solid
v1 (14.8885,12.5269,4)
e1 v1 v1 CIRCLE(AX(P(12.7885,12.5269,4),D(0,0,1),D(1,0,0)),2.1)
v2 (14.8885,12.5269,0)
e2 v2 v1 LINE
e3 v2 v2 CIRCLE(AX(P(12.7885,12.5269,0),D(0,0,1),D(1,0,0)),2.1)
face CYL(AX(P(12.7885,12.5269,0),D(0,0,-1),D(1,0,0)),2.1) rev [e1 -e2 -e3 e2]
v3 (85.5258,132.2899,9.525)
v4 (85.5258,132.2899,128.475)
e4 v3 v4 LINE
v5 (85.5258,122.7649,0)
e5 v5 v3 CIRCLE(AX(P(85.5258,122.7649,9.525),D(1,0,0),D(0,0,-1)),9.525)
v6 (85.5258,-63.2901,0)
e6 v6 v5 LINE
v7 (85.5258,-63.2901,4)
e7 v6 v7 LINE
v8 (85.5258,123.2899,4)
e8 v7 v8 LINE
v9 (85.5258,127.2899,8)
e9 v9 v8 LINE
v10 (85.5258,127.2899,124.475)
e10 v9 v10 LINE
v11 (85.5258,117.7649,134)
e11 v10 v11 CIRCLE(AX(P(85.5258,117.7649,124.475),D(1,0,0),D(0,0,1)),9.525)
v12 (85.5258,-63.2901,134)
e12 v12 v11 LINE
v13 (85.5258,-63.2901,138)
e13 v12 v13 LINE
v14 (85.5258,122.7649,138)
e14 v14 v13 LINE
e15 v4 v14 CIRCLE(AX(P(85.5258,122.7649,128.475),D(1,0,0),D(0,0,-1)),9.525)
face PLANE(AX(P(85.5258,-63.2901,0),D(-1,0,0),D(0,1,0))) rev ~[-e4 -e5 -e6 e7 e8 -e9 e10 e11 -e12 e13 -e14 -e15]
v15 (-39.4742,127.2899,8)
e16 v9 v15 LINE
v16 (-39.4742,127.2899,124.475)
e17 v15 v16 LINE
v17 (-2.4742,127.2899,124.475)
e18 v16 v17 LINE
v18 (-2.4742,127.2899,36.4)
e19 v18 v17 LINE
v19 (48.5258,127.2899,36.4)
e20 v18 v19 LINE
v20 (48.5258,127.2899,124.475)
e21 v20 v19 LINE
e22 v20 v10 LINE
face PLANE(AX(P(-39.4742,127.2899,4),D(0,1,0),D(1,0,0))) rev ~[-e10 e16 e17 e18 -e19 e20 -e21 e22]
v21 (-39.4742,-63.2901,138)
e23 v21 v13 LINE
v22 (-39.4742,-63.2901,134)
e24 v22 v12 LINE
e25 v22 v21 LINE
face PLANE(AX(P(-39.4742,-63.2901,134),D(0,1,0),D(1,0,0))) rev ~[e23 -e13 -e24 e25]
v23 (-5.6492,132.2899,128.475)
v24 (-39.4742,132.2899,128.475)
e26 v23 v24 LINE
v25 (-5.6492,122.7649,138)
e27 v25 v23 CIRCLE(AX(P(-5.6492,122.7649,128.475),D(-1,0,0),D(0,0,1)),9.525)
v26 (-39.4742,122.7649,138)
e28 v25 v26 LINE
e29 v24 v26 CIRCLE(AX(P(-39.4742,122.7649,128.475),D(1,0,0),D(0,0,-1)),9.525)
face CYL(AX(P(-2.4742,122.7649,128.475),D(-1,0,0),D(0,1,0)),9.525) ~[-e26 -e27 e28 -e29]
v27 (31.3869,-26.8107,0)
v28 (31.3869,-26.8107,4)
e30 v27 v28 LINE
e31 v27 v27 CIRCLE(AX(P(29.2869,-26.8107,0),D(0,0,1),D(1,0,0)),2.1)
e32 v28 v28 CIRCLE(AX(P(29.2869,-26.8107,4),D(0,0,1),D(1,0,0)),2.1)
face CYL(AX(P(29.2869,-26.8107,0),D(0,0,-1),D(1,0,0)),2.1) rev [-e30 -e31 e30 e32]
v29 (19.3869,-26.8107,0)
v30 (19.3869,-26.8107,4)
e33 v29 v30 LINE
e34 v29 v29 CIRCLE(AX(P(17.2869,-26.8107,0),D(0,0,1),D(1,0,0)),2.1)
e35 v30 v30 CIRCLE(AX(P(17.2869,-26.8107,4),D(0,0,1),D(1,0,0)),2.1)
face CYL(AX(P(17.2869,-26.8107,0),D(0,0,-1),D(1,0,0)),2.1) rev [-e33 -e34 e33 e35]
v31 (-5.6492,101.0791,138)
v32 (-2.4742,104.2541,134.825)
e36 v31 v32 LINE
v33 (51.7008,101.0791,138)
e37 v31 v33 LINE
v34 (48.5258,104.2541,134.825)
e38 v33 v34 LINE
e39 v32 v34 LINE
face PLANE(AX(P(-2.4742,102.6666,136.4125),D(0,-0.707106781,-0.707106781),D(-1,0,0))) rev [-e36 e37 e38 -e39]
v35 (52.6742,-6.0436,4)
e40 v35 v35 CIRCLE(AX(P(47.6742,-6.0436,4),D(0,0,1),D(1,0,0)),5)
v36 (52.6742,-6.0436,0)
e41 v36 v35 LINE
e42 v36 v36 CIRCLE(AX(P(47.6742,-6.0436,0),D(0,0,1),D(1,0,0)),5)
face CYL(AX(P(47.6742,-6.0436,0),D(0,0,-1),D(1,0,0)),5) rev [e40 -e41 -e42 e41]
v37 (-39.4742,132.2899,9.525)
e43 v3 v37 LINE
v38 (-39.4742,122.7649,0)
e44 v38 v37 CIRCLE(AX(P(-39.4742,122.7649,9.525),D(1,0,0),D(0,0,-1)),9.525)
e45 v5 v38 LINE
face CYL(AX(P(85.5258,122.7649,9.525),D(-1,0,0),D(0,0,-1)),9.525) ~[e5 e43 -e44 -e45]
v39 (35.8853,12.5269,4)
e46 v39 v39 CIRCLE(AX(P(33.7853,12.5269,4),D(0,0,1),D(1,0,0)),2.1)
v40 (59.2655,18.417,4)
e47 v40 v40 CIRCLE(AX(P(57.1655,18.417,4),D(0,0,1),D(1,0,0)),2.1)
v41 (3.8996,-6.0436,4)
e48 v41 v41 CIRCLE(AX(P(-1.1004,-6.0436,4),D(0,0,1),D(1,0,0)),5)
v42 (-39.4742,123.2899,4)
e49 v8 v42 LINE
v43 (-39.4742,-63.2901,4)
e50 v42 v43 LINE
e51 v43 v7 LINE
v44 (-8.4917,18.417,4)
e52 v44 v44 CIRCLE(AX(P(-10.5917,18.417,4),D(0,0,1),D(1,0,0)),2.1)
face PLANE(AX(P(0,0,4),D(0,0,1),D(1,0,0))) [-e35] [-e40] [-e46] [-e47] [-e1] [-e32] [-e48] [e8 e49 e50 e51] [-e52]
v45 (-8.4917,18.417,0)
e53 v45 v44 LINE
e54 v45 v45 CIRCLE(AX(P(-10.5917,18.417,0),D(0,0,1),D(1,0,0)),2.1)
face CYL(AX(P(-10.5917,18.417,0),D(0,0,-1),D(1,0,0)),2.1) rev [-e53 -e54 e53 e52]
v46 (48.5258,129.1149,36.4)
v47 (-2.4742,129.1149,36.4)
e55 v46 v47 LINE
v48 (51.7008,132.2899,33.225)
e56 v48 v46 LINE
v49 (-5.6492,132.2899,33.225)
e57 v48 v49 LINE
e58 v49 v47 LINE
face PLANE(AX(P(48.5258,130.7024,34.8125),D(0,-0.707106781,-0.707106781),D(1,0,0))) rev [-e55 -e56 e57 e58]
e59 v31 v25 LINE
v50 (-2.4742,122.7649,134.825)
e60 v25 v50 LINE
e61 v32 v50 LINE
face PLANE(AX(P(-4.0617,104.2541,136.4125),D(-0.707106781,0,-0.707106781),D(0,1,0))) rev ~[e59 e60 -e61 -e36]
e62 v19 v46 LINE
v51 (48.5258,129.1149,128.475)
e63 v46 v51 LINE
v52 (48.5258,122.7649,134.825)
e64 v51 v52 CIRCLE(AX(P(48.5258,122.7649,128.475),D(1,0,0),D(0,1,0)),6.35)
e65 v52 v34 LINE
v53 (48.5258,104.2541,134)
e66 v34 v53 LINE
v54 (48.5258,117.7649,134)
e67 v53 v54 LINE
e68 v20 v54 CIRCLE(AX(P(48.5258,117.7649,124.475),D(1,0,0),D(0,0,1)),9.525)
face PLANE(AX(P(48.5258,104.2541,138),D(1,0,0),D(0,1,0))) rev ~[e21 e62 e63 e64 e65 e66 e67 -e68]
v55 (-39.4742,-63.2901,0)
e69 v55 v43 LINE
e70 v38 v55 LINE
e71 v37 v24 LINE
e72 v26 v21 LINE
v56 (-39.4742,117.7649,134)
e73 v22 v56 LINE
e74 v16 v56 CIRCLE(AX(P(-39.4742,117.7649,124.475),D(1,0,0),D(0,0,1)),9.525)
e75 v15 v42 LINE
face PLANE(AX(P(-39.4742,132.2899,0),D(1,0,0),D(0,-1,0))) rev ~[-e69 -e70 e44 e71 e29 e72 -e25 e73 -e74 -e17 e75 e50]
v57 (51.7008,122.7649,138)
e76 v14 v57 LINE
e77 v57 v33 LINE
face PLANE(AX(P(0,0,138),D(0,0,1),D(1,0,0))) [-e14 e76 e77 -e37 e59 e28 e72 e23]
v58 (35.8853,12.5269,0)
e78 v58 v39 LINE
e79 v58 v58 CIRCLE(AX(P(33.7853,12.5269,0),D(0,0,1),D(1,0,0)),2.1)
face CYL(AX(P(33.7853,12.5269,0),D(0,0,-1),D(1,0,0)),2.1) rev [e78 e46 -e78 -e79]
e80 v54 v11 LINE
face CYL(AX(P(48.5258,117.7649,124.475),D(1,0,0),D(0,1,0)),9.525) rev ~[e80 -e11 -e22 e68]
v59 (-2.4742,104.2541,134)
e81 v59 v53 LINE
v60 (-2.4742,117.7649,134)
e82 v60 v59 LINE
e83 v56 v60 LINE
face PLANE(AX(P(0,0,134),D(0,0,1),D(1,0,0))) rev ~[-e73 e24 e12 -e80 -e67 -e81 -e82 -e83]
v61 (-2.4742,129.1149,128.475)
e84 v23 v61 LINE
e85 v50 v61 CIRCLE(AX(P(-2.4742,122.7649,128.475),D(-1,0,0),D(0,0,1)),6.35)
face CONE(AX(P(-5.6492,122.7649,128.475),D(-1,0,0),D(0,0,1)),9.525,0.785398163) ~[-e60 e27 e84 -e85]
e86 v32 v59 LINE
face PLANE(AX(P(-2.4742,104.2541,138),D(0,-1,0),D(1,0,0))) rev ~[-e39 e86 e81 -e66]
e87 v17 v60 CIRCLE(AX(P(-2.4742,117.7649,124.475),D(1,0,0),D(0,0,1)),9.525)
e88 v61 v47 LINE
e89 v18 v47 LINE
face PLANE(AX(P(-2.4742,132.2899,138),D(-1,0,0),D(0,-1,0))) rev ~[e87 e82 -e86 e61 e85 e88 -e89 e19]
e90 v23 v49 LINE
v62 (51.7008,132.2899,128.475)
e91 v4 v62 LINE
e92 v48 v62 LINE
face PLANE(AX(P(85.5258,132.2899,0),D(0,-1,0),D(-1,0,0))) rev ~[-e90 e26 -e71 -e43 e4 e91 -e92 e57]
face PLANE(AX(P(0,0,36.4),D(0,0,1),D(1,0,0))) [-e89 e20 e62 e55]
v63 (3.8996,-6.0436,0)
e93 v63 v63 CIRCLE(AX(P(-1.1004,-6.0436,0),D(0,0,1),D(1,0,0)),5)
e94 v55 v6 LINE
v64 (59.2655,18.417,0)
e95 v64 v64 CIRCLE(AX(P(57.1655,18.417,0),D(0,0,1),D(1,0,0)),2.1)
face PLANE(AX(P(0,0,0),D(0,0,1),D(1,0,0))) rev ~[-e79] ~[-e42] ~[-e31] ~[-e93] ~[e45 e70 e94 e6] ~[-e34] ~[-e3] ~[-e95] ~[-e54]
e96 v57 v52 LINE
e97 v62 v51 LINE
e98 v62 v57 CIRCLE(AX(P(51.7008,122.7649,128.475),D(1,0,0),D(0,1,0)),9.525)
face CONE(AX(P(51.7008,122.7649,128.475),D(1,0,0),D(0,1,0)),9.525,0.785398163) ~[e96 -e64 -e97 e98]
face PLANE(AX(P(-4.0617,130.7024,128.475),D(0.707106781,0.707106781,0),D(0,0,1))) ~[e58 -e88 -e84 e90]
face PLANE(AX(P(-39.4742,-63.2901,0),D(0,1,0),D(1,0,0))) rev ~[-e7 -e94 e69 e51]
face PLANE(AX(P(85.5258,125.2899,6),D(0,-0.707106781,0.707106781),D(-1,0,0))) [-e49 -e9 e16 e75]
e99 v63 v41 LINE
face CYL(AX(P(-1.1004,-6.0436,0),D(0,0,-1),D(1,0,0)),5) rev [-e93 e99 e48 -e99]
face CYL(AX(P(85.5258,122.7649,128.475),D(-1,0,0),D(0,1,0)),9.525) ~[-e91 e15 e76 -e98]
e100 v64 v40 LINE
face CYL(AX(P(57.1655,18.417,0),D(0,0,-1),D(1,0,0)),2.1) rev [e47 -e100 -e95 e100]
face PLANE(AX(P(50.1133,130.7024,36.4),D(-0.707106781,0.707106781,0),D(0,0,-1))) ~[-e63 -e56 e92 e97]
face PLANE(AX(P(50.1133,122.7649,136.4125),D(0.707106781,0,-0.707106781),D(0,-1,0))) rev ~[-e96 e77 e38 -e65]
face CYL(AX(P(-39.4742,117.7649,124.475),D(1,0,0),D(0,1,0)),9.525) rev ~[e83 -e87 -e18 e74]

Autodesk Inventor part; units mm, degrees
ref_plane "YZ Plane" through (0, 0, 0) normal (1, 0, 0) x (0, 1, 0)
ref_plane "XZ Plane" through (0, 0, 0) normal (0, 1, 0) x (-1, 0, 0)
ref_plane "XY Plane" through (0, 0, 0) normal (0, 0, 1) x (1, 0, 0)
sketch "Sketch1" plane through (0, 0, 0) normal (0, 0, 1) x (1, 0, 0)
  circle A0 centre (57.1655, 18.417) radius 2.1 projected
  circle A1 centre (12.7885, 12.5269) radius 2.1 projected
  circle A2 centre (17.2869, -26.8107) radius 2.1 projected
  circle A3 centre (-1.1004, -6.0436) radius 5 projected
  line L0 (64.4194, 6.1067) -> (62.3371, -1.6056) projected
  line L1 (67.3095, 9.3686) -> (64.4194, 6.1067) projected
  ellipse E0 centre (57.1655, 18.417) end of major axis (47.0979, 27.5508) minor radius 11.51 (67.3095, 9.3686) -> (68.6853, 21.7358) ccw projected
  ellipse E1 centre (54.4602, 15.4351) end of major axis (43.6731, 3.5452) minor radius 13.5934 (68.6853, 21.7358) -> (59.3507, 30.2045) ccw projected
  ellipse E2 centre (57.1655, 18.417) end of major axis (47.0979, 27.5508) minor radius 11.51 (59.3507, 30.2045) -> (47.0214, 27.4655) ccw projected
  line L2 (36.5043, 15.5956) -> (47.0214, 27.4655) projected
  arc A4 (36.5043, 15.5956) -> (29.6862, 12.4398) centre (33.7853, 12.5269) ccw projected
  line L3 (16.8875, 12.4398) -> (29.6862, 12.4398) projected
  arc A5 (16.8875, 12.4398) -> (10.0695, 15.5956) centre (12.7885, 12.5269) ccw projected
  line L4 (10.0695, 15.5956) -> (-0.4476, 27.4655) projected
  ellipse E3 centre (-10.5917, 18.417) end of major axis (-0.5241, 27.5508) minor radius 11.51 (-0.4476, 27.4655) -> (-12.7769, 30.2045) ccw projected
  ellipse E4 centre (-7.8864, 15.4351) end of major axis (2.9006, 3.5452) minor radius 13.5934 (-12.7769, 30.2045) -> (-22.1115, 21.7358) ccw projected
  ellipse E5 centre (-10.5917, 18.417) end of major axis (-0.5241, 27.5508) minor radius 11.51 (-22.1115, 21.7358) -> (-20.7358, 9.3686) ccw projected
  line L5 (-20.7358, 9.3686) -> (-17.8456, 6.1067) projected
  line L6 (-17.8456, 6.1067) -> (-15.7633, -1.6056) projected
  line L7 (-15.7633, -1.6056) -> (-6.4546, -11.2249) projected
  line L8 (-6.4546, -11.2249) -> (1.9738, -21.6241) projected
  line L9 (1.9738, -21.6241) -> (9.6038, -24.7107) projected
  line L10 (9.6038, -24.7107) -> (14.4693, -29.7892) projected
  arc A6 (14.4693, -29.7892) -> (17.2869, -30.9107) centre (17.2869, -26.8107) ccw projected
  line L11 (17.2869, -30.9107) -> (29.2869, -30.9107) projected
  arc A7 (29.2869, -30.9107) -> (32.1045, -29.7892) centre (29.2869, -26.8107) ccw projected
  line L12 (36.97, -24.7107) -> (32.1045, -29.7892) projected
  line L13 (44.6, -21.6241) -> (36.97, -24.7107) projected
  line L14 (53.0284, -11.2249) -> (44.6, -21.6241) projected
  line L15 (62.3371, -1.6056) -> (53.0284, -11.2249) projected
  circle A8 centre (-10.5917, 18.417) radius 2.1 projected
  circle A9 centre (47.6742, -6.0436) radius 5 projected
  circle A10 centre (29.2869, -26.8107) radius 2.1 projected
  circle A11 centre (33.7853, 12.5269) radius 2.1 projected
  arc A12 (-51.3703, 45.0767) -> (97.4441, 45.0767) centre (23.0369, 31.7099) ccw construction
  arc A13 (51.5869, 99.9923) -> (-5.5131, 99.9923) centre (23.0369, 31.7099) ccw construction
  arc A14 (-50.582, -28.3339) -> (101.2571, -22.203) centre (23.0369, 31.7099) ccw construction
  line L16 (23.0369, 31.7099) -> (23.2869, -30.9107) construction
  line L17 (85.5258, 132.2899) -> (-39.4742, 132.2899)
  line L18 (-39.4742, 132.2899) -> (-39.4742, -63.2901)
  line L19 (-39.4742, -63.2901) -> (85.5258, -63.2901)
  line L20 (85.5258, -63.2901) -> (85.5258, 132.2899)
  line L21 (85.5258, 132.2899) -> (-39.4742, -63.2901) construction
  line L22 (-39.4742, 132.2899) -> (85.5258, -63.2901) construction
  point P0 (0, 0)
  point P1 (23.0258, 34.4999)
  dimension "d0" = 195.58
  dimension "d27" = 125
extrude "Extrusion1" add sketch "Sketch1" along normal blind 4 contours L0 L15 L14 L13 L12 A7 L11 A6 L10 L9 L8 L7 L6 L5 E5 E4 E3 L4 A5 L3 A4 L2 E2 E1 E0 L1 | L20 L19 L18 L17
sketch "Sketch2" plane through (0, 0, 4) normal (0, 0, 1) x (1, 0, 0)
  line L0 (-39.4742, 132.2899) -> (-39.4742, -63.2901) projected
  line L1 (-39.4742, -63.2901) -> (85.5258, -63.2901) projected
  line L2 (85.5258, -63.2901) -> (85.5258, 132.2899) projected
  line L3 (85.5258, 132.2899) -> (-39.4742, 132.2899) projected
  circle A0 centre (12.7885, 12.5269) radius 2.1 projected
  circle A1 centre (33.7853, 12.5269) radius 2.1 projected
  circle A2 centre (29.2869, -26.8107) radius 2.1 projected
  circle A3 centre (47.6742, -6.0436) radius 5 projected
  circle A4 centre (-10.5917, 18.417) radius 2.1 projected
  circle A5 centre (-1.1004, -6.0436) radius 5 projected
  circle A6 centre (17.2869, -26.8107) radius 2.1 projected
  circle A7 centre (57.1655, 18.417) radius 2.1 projected
  line L4 (85.5258, 132.2899) -> (-39.4742, 132.2899)
  line L5 (-39.4742, 132.2899) -> (-39.4742, 127.2899)
  line L6 (-39.4742, 127.2899) -> (85.5258, 127.2899)
  line L7 (85.5258, 127.2899) -> (85.5258, 132.2899)
  line L8 (52.5258, 127.2899) -> (-6.4742, 127.2899)
  line L9 (-6.4742, 127.2899) -> (-6.4742, 133.2899)
  line L10 (-6.4742, 133.2899) -> (52.5258, 133.2899)
  line L11 (52.5258, 133.2899) -> (52.5258, 127.2899)
  point P0 (0, 0)
  point P1 (-39.4742, 127.2899)
  point P2 (85.5258, 127.2899)
  dimension "d3" = 5
  dimension "d7" = 6
  dimension "d8" = 33
  dimension "d9" = 33
extrude "Extrusion2" add sketch "Sketch2" along normal blind 130 contours L3 L9 L6 L0 | L3 L11 L6 L9 | L3 L2 L6 L11
sketch "Sketch4" plane through (0, 0, 134) normal (0, 0, 1) x (1, 0, 0)
  line L0 (85.5258, 127.2899) -> (-39.4742, 127.2899) projected
  line L1 (-39.4742, 127.2899) -> (-39.4742, -63.2901) projected
  line L2 (-39.4742, -63.2901) -> (85.5258, -63.2901) projected
  line L3 (85.5258, -63.2901) -> (85.5258, 127.2899) projected
  circle A0 centre (12.7885, 12.5269) radius 2.1 projected
  circle A1 centre (33.7853, 12.5269) radius 2.1 projected
  circle A2 centre (29.2869, -26.8107) radius 2.1 projected
  circle A3 centre (47.6742, -6.0436) radius 5 projected
  circle A4 centre (-10.5917, 18.417) radius 2.1 projected
  circle A5 centre (-1.1004, -6.0436) radius 5 projected
  circle A6 centre (17.2869, -26.8107) radius 2.1 projected
  circle A7 centre (57.1655, 18.417) radius 2.1 projected
  line L4 (85.5258, 127.2899) -> (85.5258, 132.2899) projected
  line L5 (85.5258, 132.2899) -> (-39.4742, 132.2899) projected
  line L6 (-39.4742, 132.2899) -> (-39.4742, 127.2899) projected
  line L7 (-39.4742, 127.2899) -> (85.5258, 127.2899) projected
  point P0 (0, 0)
extrude "Extrusion3" add sketch "Sketch4" along normal blind 4 contours L3 L2 L1 L0 | L0 L6 L5 L4 | A0 | A1 | A2 | A3 | A4 | A5 | A6 | A7
fillet "Fillet1" [suppressed]
sketch "Sketch6" plane through (0, 0, 138) normal (0, 0, 1) x (1, 0, 0)
  line L0 (85.5258, 132.2899) -> (-39.4742, 132.2899) projected
  line L1 (-39.4742, 132.2899) -> (-39.4742, -63.2901) projected
  line L2 (-39.4742, -63.2901) -> (85.5258, -63.2901) projected
  line L3 (85.5258, -63.2901) -> (85.5258, 132.2899) projected
  line L4 (48.5258, 138.9893) -> (-2.4742, 138.9893)
  line L5 (-2.4742, 138.9893) -> (-2.4742, 104.2541)
  line L6 (-2.4742, 104.2541) -> (48.5258, 104.2541)
  line L7 (48.5258, 104.2541) -> (48.5258, 138.9893)
  point P0 (0, 0)
  dimension "d16" = 37
  dimension "d17" = 37
extrude "Extrusion5" cut sketch "Sketch6" against normal blind 101.6 contours L7 L6 L5 L0 | L0 L5 L4 L7
fillet "Fillet2" radius 9.525 5 edges at (67.0258, 132.2899, 138) (-20.9742, 132.2899, 138) (23.0258, 132.2899, 0) (-20.9742, 127.2899, 134) (67.0258, 127.2899, 134)
chamfer "Chamfer1" distance 3.175 angle 45 8 edges at (23.0258, 132.2899, 36.4) (48.5258, 132.2899, 82.4375) (48.5258, 129.5001, 135.2102) (48.5258, 113.5095, 138) (-2.4742, 132.2899, 82.4375) (-2.4742, 129.5001, 135.2102) (-2.4742, 113.5095, 138) (23.0258, 104.2541, 138)
chamfer "Chamfer2" distance 4 angle 45 1 edges at (23.0258, 127.2899, 4)
equation "\"d9\" = d8"
equation "\"d17\" = d16"
properties part number "Head_Box_Base"
